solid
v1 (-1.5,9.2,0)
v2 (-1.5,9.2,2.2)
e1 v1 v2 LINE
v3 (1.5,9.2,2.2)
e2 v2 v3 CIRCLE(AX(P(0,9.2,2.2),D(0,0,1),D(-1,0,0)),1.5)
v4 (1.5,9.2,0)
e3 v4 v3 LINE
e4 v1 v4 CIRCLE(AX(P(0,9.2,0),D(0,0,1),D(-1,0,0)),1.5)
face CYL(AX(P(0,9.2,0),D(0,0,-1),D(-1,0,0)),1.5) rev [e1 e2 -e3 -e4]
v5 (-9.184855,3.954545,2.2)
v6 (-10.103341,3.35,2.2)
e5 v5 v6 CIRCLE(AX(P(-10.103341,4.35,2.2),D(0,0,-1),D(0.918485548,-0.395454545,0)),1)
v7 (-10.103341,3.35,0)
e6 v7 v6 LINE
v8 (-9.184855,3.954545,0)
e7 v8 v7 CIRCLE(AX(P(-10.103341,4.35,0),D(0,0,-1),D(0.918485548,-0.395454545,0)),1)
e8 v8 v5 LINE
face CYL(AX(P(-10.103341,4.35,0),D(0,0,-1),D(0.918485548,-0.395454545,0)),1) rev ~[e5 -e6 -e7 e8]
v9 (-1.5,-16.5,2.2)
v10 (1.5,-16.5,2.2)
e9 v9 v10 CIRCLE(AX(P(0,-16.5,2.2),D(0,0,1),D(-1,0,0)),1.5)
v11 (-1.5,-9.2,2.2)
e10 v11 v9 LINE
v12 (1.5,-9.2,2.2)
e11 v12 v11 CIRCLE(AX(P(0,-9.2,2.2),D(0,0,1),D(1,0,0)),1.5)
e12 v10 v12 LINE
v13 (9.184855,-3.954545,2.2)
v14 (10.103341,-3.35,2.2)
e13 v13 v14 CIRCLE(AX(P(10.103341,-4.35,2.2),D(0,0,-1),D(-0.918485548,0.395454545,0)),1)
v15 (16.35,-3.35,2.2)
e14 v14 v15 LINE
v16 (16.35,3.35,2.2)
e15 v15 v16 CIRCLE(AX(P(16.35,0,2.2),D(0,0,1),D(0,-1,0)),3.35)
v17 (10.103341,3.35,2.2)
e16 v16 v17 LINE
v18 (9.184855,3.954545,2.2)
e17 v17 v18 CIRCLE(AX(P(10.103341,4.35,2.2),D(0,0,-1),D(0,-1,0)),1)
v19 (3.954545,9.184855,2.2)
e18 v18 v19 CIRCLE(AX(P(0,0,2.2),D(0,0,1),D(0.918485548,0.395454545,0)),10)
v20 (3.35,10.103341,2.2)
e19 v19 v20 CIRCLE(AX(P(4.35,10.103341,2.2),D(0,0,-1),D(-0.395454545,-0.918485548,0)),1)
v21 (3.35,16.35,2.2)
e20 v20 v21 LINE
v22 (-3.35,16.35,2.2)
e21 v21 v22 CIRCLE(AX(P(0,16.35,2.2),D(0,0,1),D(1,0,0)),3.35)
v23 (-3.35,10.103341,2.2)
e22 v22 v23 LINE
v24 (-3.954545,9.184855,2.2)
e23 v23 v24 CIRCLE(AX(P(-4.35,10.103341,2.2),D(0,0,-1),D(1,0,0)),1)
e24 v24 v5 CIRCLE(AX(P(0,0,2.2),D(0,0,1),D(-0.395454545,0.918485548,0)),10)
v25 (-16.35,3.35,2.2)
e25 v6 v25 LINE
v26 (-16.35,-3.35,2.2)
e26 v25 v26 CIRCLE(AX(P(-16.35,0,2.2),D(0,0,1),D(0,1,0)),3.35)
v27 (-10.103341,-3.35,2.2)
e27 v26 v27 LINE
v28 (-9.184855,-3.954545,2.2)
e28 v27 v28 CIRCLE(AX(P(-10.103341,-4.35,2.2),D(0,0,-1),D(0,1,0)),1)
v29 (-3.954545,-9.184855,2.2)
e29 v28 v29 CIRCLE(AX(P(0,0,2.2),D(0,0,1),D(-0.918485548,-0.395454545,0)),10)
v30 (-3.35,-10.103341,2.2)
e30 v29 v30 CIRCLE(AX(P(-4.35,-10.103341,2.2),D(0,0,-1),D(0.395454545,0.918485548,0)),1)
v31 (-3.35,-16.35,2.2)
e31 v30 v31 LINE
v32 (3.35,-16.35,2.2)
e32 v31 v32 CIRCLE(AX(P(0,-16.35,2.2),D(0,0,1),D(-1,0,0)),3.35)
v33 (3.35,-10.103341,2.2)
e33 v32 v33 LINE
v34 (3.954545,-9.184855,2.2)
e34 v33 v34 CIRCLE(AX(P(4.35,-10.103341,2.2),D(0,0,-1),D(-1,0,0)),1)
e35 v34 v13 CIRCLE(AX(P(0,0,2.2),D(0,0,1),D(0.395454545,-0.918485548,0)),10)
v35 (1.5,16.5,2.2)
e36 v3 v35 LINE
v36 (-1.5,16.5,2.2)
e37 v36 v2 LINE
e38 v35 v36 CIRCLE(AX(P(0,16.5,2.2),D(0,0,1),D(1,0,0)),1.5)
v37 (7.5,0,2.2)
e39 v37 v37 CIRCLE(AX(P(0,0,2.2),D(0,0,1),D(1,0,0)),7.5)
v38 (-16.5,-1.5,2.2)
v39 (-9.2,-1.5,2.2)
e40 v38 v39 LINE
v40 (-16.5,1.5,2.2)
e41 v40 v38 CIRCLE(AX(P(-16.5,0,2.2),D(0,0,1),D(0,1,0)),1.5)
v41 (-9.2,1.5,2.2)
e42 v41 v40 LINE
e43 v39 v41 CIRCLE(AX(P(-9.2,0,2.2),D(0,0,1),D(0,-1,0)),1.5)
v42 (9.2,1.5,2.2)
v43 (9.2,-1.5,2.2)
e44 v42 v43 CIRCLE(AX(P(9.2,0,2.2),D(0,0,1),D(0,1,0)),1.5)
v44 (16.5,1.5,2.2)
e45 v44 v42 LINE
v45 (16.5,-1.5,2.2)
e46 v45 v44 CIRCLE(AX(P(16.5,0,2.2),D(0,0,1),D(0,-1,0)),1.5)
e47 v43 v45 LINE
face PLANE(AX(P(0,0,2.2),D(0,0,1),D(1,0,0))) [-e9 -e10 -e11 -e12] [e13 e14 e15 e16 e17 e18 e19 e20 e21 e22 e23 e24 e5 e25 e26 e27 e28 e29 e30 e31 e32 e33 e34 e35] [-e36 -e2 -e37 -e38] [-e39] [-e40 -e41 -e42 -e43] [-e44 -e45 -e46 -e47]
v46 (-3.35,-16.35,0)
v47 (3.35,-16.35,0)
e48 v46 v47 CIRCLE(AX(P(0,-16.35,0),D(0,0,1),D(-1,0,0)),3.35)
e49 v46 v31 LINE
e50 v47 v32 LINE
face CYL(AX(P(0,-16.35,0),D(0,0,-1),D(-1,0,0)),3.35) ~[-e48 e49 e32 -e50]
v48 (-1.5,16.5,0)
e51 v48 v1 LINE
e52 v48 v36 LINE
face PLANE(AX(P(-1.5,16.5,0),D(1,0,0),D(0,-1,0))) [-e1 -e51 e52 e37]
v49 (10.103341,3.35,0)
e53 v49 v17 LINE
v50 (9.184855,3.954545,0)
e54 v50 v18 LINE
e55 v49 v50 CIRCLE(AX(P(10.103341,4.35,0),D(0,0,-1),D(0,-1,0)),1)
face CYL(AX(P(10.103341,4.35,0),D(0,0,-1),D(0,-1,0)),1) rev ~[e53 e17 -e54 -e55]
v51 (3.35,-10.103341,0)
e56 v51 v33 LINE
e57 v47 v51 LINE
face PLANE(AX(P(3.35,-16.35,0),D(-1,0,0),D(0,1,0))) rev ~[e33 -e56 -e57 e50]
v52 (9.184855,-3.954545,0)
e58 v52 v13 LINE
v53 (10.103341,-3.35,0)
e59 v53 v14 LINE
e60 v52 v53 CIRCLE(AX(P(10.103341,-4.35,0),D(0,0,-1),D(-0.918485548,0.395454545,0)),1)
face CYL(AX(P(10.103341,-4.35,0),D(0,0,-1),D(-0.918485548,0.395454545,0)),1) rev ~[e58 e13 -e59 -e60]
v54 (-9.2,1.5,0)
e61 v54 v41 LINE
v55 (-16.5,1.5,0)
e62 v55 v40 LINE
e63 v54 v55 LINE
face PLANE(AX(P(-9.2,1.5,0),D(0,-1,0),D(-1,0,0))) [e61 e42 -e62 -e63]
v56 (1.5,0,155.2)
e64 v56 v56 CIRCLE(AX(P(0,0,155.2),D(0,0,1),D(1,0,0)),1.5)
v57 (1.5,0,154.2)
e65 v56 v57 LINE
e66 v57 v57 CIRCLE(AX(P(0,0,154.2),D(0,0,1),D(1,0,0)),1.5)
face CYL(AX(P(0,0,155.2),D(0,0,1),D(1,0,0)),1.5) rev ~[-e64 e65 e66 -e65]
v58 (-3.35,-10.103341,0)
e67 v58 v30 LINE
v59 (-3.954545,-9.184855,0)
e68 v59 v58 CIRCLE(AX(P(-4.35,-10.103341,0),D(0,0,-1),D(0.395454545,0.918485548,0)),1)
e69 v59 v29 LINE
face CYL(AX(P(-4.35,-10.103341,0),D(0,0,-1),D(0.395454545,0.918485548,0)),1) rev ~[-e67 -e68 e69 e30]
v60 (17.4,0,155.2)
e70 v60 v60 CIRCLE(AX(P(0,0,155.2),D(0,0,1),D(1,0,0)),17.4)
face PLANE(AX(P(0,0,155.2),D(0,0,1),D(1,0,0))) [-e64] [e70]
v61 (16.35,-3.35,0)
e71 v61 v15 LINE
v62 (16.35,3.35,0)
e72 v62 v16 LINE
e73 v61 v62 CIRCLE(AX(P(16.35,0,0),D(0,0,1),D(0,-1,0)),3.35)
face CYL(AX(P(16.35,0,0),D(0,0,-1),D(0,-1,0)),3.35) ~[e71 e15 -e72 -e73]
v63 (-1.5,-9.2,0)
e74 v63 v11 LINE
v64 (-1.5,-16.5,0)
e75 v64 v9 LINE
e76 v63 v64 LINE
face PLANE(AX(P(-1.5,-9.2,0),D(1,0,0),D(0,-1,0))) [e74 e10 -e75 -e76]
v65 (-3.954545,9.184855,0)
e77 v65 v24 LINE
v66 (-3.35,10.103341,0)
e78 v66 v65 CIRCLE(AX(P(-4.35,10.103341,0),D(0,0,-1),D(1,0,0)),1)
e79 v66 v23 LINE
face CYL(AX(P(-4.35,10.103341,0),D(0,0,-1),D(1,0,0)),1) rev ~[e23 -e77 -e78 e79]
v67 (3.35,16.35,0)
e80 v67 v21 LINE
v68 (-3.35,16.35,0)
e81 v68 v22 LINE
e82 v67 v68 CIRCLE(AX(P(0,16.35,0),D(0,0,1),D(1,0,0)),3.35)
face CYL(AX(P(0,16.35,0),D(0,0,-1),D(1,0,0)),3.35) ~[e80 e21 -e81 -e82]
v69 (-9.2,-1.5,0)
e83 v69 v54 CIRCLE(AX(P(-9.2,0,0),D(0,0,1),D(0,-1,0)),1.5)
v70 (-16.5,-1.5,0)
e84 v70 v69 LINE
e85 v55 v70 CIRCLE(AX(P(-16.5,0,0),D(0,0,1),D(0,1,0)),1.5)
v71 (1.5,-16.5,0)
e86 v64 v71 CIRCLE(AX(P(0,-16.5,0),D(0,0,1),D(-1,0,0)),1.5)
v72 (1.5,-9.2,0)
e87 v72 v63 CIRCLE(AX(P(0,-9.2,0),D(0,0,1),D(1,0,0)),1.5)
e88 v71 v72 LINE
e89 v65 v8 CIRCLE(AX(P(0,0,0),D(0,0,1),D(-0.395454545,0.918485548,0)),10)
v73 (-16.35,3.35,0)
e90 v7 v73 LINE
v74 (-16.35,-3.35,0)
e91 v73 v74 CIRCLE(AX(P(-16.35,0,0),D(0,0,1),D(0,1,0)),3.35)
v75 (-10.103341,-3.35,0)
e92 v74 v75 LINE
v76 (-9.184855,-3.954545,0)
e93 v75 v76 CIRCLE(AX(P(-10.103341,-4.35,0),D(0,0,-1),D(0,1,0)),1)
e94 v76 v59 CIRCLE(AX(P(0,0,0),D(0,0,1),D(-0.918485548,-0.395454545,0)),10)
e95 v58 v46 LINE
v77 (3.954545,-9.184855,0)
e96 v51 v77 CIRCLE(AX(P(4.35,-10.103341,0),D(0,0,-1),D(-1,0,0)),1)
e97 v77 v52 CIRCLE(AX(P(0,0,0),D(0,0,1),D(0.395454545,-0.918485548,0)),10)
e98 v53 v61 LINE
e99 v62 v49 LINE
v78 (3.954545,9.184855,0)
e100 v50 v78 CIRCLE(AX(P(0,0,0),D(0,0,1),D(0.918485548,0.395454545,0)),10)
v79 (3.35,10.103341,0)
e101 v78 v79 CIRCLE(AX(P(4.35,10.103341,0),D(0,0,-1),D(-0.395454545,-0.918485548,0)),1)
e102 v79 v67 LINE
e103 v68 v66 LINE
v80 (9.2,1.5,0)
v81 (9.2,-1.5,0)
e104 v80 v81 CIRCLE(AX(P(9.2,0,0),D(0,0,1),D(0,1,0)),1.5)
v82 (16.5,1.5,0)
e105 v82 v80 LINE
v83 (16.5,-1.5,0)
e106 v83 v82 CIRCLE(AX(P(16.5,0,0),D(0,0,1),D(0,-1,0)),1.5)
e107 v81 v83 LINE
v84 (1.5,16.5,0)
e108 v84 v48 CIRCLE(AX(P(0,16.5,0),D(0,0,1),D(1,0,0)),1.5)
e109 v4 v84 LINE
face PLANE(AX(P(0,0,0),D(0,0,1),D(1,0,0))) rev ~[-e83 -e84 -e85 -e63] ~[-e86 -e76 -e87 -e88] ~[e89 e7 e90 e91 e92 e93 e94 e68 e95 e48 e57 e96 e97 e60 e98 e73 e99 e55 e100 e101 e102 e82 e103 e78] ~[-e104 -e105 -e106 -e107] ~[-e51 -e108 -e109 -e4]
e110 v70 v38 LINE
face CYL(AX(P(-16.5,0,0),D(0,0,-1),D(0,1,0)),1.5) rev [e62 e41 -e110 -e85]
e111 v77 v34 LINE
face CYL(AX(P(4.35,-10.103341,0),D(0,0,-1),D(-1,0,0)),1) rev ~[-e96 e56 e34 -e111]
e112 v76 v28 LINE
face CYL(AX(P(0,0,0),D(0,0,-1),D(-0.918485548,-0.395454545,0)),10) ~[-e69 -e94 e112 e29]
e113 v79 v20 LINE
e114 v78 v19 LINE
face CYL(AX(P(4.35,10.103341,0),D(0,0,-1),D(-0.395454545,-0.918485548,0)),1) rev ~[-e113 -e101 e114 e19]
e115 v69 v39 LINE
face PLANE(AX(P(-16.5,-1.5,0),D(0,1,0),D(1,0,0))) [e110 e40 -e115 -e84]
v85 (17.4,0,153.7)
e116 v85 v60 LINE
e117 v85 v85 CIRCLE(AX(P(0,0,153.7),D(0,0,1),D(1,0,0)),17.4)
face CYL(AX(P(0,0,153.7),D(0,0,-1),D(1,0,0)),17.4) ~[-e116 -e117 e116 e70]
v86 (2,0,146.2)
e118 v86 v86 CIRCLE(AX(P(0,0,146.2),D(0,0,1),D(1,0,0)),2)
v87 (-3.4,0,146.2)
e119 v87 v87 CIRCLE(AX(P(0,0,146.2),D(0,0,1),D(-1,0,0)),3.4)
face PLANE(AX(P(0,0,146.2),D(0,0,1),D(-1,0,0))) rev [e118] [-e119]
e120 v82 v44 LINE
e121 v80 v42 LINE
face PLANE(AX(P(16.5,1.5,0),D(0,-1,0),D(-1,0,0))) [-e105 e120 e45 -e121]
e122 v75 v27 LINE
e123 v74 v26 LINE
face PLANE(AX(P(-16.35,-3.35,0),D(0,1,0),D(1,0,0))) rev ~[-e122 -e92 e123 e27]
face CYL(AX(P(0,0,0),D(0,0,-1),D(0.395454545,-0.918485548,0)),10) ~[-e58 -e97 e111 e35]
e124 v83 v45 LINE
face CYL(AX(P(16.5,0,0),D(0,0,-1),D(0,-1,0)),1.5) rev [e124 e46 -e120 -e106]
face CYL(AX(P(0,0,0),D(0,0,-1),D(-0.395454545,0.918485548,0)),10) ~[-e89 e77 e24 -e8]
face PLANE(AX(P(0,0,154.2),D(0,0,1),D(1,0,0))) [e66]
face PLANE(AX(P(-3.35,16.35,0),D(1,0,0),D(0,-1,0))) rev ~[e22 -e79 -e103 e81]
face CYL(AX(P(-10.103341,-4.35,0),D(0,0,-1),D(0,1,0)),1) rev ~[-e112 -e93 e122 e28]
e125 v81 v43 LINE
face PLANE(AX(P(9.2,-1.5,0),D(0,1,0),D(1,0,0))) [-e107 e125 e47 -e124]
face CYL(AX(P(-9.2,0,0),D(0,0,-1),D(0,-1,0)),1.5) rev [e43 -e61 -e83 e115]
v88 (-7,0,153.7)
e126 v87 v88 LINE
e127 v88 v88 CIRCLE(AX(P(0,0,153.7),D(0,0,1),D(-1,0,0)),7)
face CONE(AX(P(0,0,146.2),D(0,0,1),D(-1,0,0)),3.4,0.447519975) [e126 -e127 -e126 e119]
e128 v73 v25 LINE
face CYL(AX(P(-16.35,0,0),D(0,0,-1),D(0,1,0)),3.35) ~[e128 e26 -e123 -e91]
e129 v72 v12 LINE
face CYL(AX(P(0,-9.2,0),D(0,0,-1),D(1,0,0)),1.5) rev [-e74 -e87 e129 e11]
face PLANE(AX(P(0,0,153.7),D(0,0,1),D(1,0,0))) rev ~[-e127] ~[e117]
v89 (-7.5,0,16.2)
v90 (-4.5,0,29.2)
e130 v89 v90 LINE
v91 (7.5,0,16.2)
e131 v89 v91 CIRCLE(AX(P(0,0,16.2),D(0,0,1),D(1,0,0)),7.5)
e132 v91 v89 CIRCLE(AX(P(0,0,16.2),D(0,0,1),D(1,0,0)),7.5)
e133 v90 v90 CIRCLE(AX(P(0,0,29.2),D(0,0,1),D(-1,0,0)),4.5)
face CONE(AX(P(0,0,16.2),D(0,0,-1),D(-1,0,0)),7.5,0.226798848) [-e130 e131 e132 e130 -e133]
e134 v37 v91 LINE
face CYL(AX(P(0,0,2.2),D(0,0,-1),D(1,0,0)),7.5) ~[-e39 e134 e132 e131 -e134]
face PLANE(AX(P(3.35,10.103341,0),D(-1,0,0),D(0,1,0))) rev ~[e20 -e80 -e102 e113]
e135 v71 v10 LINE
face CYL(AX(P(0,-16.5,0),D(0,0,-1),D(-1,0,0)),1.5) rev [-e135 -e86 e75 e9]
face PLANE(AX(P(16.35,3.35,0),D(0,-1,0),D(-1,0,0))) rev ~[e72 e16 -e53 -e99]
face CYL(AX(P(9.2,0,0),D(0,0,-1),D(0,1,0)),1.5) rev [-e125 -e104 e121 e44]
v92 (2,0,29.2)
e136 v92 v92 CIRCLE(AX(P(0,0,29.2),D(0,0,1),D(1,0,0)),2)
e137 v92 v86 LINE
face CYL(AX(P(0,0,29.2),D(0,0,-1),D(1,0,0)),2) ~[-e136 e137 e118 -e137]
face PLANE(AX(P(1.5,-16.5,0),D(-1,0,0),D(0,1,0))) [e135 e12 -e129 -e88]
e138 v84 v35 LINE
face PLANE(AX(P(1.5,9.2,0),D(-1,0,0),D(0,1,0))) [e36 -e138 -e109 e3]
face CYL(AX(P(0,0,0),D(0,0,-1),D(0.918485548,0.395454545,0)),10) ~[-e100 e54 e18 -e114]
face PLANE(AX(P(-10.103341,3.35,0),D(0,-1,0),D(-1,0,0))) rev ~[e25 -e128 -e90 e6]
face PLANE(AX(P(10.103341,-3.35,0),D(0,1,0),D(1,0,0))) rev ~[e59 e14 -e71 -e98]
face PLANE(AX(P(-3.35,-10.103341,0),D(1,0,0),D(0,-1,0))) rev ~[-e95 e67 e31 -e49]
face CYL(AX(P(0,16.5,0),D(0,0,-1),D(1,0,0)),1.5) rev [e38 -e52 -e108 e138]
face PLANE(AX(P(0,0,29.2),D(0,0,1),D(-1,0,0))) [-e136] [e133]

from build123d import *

# Parameters (mm, degrees)
BOSS_EXTRUDE1_DEPTH = 2.2
SKETCH2_R           = 7.5
BOSS_EXTRUDE2_DEPTH = 14
SKETCH4_R           = 2
BOSS_EXTRUDE3_DEPTH = 117
SKETCH6_R           = 17.4
BOSS_EXTRUDE4_DEPTH = 1.5
SKETCH7_R           = 1.5
CUT_EXTRUDE1_DEPTH  = 1


with BuildPart() as part:
    # Sketch1 → Boss-Extrude1 (new body)
    with BuildSketch(Plane.XY):
        with BuildLine():
            Line((-3.35, 16.35), (-3.35, 10.103341032))
            ThreePointArc((-3.35, 10.103341032), (-3.514699292, 9.553547682), (-3.954545455, 9.184855483))
            ThreePointArc((-3.954545455, 9.184855483), (-7.071067812, 7.071067812), (-9.184855483, 3.954545455))
            ThreePointArc((-9.184855483, 3.954545455), (-9.553547682, 3.514699292), (-10.103341032, 3.35))
            Line((-10.103341032, 3.35), (-16.35, 3.35))
            ThreePointArc((-16.35, 3.35), (-19.7, 0), (-16.35, -3.35))
            Line((-16.35, -3.35), (-10.103341032, -3.35))
            ThreePointArc((-10.103341032, -3.35), (-9.553547682, -3.514699292), (-9.184855483, -3.954545455))
            ThreePointArc((-9.184855483, -3.954545455), (-7.071067812, -7.071067812), (-3.954545455, -9.184855483))
            ThreePointArc((-3.954545455, -9.184855483), (-3.514699292, -9.553547682), (-3.35, -10.103341032))
            Line((-3.35, -10.103341032), (-3.35, -16.35))
            ThreePointArc((-3.35, -16.35), (0, -19.7), (3.35, -16.35))
            Line((3.35, -16.35), (3.35, -10.103341032))
            ThreePointArc((3.35, -10.103341032), (3.514699292, -9.553547682), (3.954545455, -9.184855483))
            ThreePointArc((3.954545455, -9.184855483), (7.071067812, -7.071067812), (9.184855483, -3.954545455))
            ThreePointArc((9.184855483, -3.954545455), (9.553547682, -3.514699292), (10.103341032, -3.35))
            Line((10.103341032, -3.35), (16.35, -3.35))
            ThreePointArc((16.35, -3.35), (19.7, 0), (16.35, 3.35))
            Line((16.35, 3.35), (10.103341032, 3.35))
            ThreePointArc((10.103341032, 3.35), (9.553547682, 3.514699292), (9.184855483, 3.954545455))
            ThreePointArc((9.184855483, 3.954545455), (7.071067812, 7.071067812), (3.954545455, 9.184855483))
            ThreePointArc((3.954545455, 9.184855483), (3.514699292, 9.553547682), (3.35, 10.103341032))
            Line((3.35, 10.103341032), (3.35, 16.35))
            ThreePointArc((3.35, 16.35), (0, 19.7), (-3.35, 16.35))
        make_face()
        with BuildLine():
            Line((16.5, 1.5), (9.2, 1.5))
            ThreePointArc((9.2, 1.5), (7.7, 0), (9.2, -1.5))
            Line((9.2, -1.5), (16.5, -1.5))
            ThreePointArc((16.5, -1.5), (18, 0), (16.5, 1.5))
        make_face(mode=Mode.SUBTRACT)
        with BuildLine():
            Line((-1.5, -9.2), (-1.5, -16.5))
            ThreePointArc((-1.5, -16.5), (0, -18), (1.5, -16.5))
            Line((1.5, -16.5), (1.5, -9.2))
            ThreePointArc((1.5, -9.2), (0, -7.7), (-1.5, -9.2))
        make_face(mode=Mode.SUBTRACT)
        with BuildLine():
            Line((-9.2, 1.5), (-16.5, 1.5))
            ThreePointArc((-16.5, 1.5), (-18, 0), (-16.5, -1.5))
            Line((-16.5, -1.5), (-9.2, -1.5))
            ThreePointArc((-9.2, -1.5), (-7.7, 0), (-9.2, 1.5))
        make_face(mode=Mode.SUBTRACT)
        with BuildLine():
            Line((1.5, 9.2), (1.5, 16.5))
            ThreePointArc((1.5, 16.5), (0, 18), (-1.5, 16.5))
            Line((-1.5, 16.5), (-1.5, 9.2))
            ThreePointArc((-1.5, 9.2), (0, 7.7), (1.5, 9.2))
        make_face(mode=Mode.SUBTRACT)
    extrude(amount=BOSS_EXTRUDE1_DEPTH)

    # Sketch2 → Boss-Extrude2 (add)
    with BuildSketch(Plane.XY.offset(2.2)):
        Circle(SKETCH2_R)
    extrude(amount=BOSS_EXTRUDE2_DEPTH)

    # Sketch3 → Revolve1 (revolve)
    with BuildSketch(Plane(origin=(0, 0, 0), x_dir=(1, 0, 0), z_dir=(0, 1, 0)), mode=Mode.PRIVATE) as revolve1_sk:
        Polygon((0, -16.2), (7.5, -16.2), (4.5, -29.2), (0, -29.2), align=None)
    revolve(revolve1_sk.sketch.rotate(Axis((0, 0, 16.2), (0, 0, 1)), 180), axis=Axis((0, 0, 16.2), (0, 0, 1)))

    # Sketch4 → Boss-Extrude3 (add)
    with BuildSketch(Plane.XY.offset(29.2)):
        Circle(SKETCH4_R)
    extrude(amount=BOSS_EXTRUDE3_DEPTH)

    # Sketch5 → Revolve2 (revolve)
    with BuildSketch(Plane(origin=(0, 0, 0), x_dir=(1, 0, 0), z_dir=(0, 1, 0)), mode=Mode.PRIVATE) as revolve2_sk:
        Polygon((0, -146.2), (3.4, -146.2), (7, -153.7), (0, -153.7), align=None)
    revolve(revolve2_sk.sketch.rotate(Axis((0, 0, 146.2), (0, 0, 1)), 180), axis=Axis((0, 0, 146.2), (0, 0, 1)))

    # Sketch6 → Boss-Extrude4 (add)
    with BuildSketch(Plane.XY.offset(153.7)):
        Circle(SKETCH6_R)
    extrude(amount=BOSS_EXTRUDE4_DEPTH)

    # Sketch7 → Cut-Extrude1 (cut)
    with BuildSketch(Plane.XY.offset(155.2)):
        Circle(SKETCH7_R)
    extrude(amount=-CUT_EXTRUDE1_DEPTH, mode=Mode.SUBTRACT)


solid = part.part
